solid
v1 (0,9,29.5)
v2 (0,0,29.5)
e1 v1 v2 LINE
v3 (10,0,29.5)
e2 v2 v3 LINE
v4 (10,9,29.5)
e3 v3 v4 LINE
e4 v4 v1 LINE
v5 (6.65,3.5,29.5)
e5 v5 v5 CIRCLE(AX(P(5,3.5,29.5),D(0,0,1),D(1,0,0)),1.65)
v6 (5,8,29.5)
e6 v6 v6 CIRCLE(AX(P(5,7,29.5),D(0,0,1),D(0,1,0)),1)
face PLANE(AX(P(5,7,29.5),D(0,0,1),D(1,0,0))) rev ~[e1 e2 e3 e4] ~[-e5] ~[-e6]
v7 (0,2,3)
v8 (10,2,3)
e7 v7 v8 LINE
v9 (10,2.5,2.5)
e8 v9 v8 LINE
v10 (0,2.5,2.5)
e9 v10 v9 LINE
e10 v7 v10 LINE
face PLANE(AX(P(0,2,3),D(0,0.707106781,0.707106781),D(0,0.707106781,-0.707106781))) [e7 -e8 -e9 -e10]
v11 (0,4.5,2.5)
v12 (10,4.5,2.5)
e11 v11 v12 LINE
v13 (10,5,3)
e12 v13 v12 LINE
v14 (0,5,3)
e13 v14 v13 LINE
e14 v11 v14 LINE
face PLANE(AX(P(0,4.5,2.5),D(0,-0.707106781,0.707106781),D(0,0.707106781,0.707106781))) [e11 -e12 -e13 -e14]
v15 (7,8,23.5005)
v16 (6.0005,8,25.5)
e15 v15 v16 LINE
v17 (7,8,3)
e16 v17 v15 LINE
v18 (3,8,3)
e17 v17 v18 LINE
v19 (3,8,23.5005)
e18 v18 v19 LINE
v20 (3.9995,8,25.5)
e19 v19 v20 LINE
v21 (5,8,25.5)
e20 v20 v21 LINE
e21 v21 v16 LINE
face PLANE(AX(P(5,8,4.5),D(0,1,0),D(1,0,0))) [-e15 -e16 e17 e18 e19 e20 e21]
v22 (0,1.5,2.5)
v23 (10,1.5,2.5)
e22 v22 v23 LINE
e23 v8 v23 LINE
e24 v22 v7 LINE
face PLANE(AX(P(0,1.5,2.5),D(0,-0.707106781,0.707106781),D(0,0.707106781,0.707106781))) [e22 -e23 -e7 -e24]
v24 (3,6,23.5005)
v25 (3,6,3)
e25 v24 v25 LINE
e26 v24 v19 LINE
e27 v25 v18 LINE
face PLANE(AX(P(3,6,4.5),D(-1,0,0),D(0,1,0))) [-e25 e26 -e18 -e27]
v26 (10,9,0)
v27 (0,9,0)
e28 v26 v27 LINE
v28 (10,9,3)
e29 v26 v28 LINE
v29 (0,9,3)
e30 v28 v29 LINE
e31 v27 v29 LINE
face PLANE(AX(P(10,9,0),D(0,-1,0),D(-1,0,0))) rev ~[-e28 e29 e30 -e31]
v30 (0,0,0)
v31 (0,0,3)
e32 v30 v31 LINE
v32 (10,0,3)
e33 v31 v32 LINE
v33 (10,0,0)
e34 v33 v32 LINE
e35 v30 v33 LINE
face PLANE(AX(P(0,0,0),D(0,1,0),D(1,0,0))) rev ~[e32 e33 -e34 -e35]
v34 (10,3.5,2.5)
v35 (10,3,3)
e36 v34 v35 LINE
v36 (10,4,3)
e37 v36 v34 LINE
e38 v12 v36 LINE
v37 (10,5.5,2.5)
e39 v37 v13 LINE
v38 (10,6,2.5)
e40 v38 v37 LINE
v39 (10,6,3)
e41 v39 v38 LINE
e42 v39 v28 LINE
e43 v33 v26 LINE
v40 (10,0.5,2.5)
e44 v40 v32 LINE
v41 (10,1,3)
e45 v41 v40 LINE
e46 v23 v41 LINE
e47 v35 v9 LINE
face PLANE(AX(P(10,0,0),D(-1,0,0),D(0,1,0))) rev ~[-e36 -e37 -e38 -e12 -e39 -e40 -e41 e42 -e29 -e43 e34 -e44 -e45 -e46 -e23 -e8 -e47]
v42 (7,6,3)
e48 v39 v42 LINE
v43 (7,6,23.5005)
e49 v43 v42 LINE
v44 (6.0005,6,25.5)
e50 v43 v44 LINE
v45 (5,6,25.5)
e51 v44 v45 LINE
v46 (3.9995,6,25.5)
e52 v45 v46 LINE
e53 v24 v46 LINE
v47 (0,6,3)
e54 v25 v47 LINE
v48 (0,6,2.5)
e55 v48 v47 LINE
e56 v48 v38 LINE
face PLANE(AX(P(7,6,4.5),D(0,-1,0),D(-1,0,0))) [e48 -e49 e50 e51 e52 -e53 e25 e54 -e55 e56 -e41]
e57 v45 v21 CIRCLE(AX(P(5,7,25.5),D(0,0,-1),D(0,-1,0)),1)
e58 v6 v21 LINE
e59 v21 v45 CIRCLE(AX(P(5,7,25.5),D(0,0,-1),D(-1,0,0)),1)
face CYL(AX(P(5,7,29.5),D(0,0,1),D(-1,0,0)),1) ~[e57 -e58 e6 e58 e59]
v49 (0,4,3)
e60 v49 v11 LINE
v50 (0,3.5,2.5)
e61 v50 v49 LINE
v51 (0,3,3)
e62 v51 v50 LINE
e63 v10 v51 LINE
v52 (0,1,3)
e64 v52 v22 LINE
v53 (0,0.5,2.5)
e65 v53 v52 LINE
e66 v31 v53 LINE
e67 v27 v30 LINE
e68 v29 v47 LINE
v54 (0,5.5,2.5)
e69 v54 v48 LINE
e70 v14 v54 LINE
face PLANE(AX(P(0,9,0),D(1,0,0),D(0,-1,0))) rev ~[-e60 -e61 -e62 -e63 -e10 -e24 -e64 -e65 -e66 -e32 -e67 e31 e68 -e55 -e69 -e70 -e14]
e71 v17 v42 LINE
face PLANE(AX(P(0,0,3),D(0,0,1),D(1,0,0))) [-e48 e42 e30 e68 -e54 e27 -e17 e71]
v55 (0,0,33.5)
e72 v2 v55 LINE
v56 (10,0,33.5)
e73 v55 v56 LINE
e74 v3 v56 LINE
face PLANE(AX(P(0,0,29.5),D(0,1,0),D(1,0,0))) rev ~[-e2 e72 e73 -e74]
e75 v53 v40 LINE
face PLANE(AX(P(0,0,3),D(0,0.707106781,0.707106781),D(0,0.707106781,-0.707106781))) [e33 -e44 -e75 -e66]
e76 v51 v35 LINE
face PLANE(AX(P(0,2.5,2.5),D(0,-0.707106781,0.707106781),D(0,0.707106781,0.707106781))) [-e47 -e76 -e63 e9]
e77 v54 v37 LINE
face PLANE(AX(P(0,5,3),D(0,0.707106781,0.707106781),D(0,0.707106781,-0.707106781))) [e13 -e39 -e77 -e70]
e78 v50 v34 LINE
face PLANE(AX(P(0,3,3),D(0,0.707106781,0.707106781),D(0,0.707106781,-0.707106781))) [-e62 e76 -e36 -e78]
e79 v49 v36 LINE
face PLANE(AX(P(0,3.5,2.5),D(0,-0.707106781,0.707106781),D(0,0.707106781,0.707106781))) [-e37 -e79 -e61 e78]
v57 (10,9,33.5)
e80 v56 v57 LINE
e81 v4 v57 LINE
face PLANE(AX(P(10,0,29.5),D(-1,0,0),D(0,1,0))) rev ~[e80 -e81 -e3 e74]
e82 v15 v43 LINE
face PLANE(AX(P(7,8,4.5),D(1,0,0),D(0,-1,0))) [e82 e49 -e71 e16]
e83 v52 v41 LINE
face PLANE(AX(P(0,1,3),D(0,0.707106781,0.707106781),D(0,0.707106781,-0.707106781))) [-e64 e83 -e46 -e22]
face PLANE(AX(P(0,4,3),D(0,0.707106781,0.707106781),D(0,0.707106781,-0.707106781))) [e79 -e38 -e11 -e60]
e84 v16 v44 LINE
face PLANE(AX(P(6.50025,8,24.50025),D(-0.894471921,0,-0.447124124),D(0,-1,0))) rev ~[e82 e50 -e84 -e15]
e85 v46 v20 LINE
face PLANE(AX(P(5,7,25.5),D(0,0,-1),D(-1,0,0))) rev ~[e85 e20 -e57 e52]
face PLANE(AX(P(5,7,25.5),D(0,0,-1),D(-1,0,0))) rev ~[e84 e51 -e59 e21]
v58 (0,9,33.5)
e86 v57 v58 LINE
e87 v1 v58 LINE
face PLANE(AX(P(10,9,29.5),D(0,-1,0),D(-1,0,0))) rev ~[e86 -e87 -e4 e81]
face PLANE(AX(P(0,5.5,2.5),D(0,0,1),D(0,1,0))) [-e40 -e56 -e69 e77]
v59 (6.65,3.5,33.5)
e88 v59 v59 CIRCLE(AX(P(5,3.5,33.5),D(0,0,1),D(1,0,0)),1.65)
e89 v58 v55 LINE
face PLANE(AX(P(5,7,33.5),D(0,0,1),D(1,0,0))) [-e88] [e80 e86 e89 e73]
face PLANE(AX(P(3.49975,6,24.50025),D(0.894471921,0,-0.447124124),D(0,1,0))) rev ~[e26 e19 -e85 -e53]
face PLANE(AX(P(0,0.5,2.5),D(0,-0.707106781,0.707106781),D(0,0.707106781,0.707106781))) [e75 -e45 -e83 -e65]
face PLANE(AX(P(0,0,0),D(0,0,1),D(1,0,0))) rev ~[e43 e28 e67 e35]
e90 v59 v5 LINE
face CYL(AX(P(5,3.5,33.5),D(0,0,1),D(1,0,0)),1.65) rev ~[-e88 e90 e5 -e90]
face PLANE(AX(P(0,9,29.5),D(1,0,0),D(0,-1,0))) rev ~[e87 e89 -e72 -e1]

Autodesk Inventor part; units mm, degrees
ref_plane "YZ Plane" through (0, 0, 0) normal (1, 0, 0) x (0, 1, 0)
ref_plane "XZ Plane" through (0, 0, 0) normal (0, 1, 0) x (-1, 0, 0)
ref_plane "XY Plane" through (0, 0, 0) normal (0, 0, 1) x (1, 0, 0)
sketch "Sketch1" plane through (0, 0, 0) normal (0, 0, 1) x (1, 0, 0)
  line L0 (0, 0) -> (10, 0)
  line L1 (10, 0) -> (10, 9)
  line L2 (10, 9) -> (0, 9)
  line L3 (0, 9) -> (0, 0)
  point P0 (5, 9)
  dimension "d0" = 10
  dimension "d1" = 9
extrude "Extrusion1" add sketch "Sketch1" along normal blind 3
sketch "Sketch2" plane through (0, 0, 3) normal (0, 0, 1) x (1, 0, 0)
  line L0 (10, 9) -> (0, 9) projected
  circle A0 centre (5, 7) radius 1
  line L1 (0, 9) -> (0, 0) projected
  point P0 (5, 9)
  dimension "d4" = 2
  dimension "d5" = 2
  dimension "d67" = 5
extrude "Extrusion2" add sketch "Sketch2" along normal blind 1.5
sketch "Sketch6" plane through (5, 7, 4.5) normal (0, 0, 1) x (1, 0, 0)
  circle A0 centre (0, 0) radius 1 projected
  line L0 (2, -1) -> (-2, -1)
  line L1 (-2, -1) -> (-2, 1)
  line L2 (-2, 1) -> (2, 1)
  line L3 (2, 1) -> (2, -1)
  line L4 (2, -1) -> (-2, 1) construction
  line L5 (-2, -1) -> (2, 1) construction
  point P0 (-5, -7)
  dimension "d13" = 4
extrude "Extrusion5" add sketch "Sketch6" along normal blind 25
sketch "Sketch7" plane through (5, 7, 29.5) normal (0, 0, 1) x (1, 0, 0)
  circle A0 centre (0, 0) radius 1 projected
  line L0 (-5, -7) -> (5, -7) projected
  line L1 (5, -7) -> (5, 2) projected
  line L2 (5, 2) -> (-5, 2) projected
  line L3 (-5, 2) -> (-5, -7) projected
  arc A1 (0, -1) -> (0, 1) centre (0, 0) ccw projected
  arc A2 (0, 1) -> (0, -1) centre (0, 0) ccw projected
extrude "Extrusion6" add sketch "Sketch7" along normal blind 4 contours A0 | L3 L2 L1 L0
sketch "Sketch8" plane through (5, 7, 33.5) normal (0, 0, 1) x (1, 0, 0)
  line L0 (-5, -7) -> (5, -7) projected
  line L1 (5, -7) -> (5, 2) projected
  line L2 (5, 2) -> (-5, 2) projected
  line L3 (-5, 2) -> (-5, -7) projected
  circle A0 centre (0, -3.5) radius 1.65
  dimension "d18" = 3.3
  dimension "d66" = 5.5
extrude "Extrusion7" cut sketch "Sketch8" against normal blind 4 contours A0
sketch "Sketch10" plane through (0, 0, 0) normal (-1, 0, 0) x (0, 0, 1)
  line L0 (0, 0) -> (3, 0) projected
  line L1 (3, 0) -> (2.5, 0)
  line L2 (2.5, 0) -> (2.5, 0.5)
  line L3 (2.5, 6) -> (3, 6)
  line L4 (3, 6) -> (3, 5)
  line L5 (3, 0) -> (2.5, 0.5)
  line L6 (3, 0) -> (3.7071, 0) construction
  line L7 (2.5, 0.5) -> (3, 1)
  line L8 (3, 1) -> (2.5, 1.5)
  line L9 (2.5, 1.5) -> (3, 2)
  line L10 (3, 2) -> (2.5, 2.5)
  line L11 (2.5, 2.5) -> (3, 3)
  line L12 (3, 3) -> (2.5, 3.5)
  line L13 (2.5, 3.5) -> (3, 4)
  line L14 (3, 4) -> (2.5, 4.5)
  line L15 (2.5, 4.5) -> (3, 5)
  line L16 (3, 5) -> (2.5, 5.5)
  line L17 (2.5, 5.5) -> (3, 6)
  line L18 (2.5, 5.5) -> (2.5, 6)
  line L19 (2.5, 4.5) -> (2.5, 5.5)
  line L20 (2.5, 3.5) -> (2.5, 4.5)
  line L21 (2.5, 2.5) -> (2.5, 3.5)
  line L22 (2.5, 1.5) -> (2.5, 2.5)
  line L23 (2.5, 0.5) -> (2.5, 1.5)
  line L24 (3, 1) -> (3, 0)
  line L25 (3, 2) -> (3, 1)
  line L26 (3, 3) -> (3, 2)
  line L27 (3, 5) -> (3, 4)
  line L28 (3, 4) -> (3, 3)
  point P0 (2.5, 3)
  point P1 (3, 4.4114)
  point P2 (2.5, 4.5886)
  dimension "d23" = 0.5
  dimension "d24" = 6
  dimension "d25" = 135
extrude "Extrusion10" add sketch "Sketch6" against normal up to surface (1.5 mm away) contours A0 L2 L3 L0 | A0 L0 L1 L2
sketch "Sketch12" plane through (5, 7, 29.5) normal (0, 0, -1) x (-1, 0, 0)
  circle A0 centre (0, 0) radius 1 projected
  line L0 (-2, 1) -> (-2, -1) projected
  line L1 (-2, -1) -> (2, -1) projected
  line L2 (2, 1) -> (-2, 1) projected
  line L3 (2, -1) -> (2, 1) projected
  point P0 (5, -7)
extrude "Extrusion11" cut sketch "Sketch12" along normal blind 4 contours A0 L2 L3 L1 | A0 L1 L0 L2
chamfer "Chamfer3" distance 2 distance2 1 1 edges at (3, 7, 25.5) measured on face at (3, 6.6667, 10.5)
chamfer "Chamfer4" distance 2 distance2 1 1 edges at (7, 7, 25.5) measured on face at (7, 7.3333, 10.5)
extrude "Extrusion12" cut sketch "Sketch10" against normal up to next contours L5 L7 L24 | L8 L9 L25 | L10 L11 L26 | L12 L13 L28 | L14 L15 L27 | L16 L17 L4 | L18 L3 L17
properties part number "gravity-clamp-base5x5mm-part1-narrowTOP"
